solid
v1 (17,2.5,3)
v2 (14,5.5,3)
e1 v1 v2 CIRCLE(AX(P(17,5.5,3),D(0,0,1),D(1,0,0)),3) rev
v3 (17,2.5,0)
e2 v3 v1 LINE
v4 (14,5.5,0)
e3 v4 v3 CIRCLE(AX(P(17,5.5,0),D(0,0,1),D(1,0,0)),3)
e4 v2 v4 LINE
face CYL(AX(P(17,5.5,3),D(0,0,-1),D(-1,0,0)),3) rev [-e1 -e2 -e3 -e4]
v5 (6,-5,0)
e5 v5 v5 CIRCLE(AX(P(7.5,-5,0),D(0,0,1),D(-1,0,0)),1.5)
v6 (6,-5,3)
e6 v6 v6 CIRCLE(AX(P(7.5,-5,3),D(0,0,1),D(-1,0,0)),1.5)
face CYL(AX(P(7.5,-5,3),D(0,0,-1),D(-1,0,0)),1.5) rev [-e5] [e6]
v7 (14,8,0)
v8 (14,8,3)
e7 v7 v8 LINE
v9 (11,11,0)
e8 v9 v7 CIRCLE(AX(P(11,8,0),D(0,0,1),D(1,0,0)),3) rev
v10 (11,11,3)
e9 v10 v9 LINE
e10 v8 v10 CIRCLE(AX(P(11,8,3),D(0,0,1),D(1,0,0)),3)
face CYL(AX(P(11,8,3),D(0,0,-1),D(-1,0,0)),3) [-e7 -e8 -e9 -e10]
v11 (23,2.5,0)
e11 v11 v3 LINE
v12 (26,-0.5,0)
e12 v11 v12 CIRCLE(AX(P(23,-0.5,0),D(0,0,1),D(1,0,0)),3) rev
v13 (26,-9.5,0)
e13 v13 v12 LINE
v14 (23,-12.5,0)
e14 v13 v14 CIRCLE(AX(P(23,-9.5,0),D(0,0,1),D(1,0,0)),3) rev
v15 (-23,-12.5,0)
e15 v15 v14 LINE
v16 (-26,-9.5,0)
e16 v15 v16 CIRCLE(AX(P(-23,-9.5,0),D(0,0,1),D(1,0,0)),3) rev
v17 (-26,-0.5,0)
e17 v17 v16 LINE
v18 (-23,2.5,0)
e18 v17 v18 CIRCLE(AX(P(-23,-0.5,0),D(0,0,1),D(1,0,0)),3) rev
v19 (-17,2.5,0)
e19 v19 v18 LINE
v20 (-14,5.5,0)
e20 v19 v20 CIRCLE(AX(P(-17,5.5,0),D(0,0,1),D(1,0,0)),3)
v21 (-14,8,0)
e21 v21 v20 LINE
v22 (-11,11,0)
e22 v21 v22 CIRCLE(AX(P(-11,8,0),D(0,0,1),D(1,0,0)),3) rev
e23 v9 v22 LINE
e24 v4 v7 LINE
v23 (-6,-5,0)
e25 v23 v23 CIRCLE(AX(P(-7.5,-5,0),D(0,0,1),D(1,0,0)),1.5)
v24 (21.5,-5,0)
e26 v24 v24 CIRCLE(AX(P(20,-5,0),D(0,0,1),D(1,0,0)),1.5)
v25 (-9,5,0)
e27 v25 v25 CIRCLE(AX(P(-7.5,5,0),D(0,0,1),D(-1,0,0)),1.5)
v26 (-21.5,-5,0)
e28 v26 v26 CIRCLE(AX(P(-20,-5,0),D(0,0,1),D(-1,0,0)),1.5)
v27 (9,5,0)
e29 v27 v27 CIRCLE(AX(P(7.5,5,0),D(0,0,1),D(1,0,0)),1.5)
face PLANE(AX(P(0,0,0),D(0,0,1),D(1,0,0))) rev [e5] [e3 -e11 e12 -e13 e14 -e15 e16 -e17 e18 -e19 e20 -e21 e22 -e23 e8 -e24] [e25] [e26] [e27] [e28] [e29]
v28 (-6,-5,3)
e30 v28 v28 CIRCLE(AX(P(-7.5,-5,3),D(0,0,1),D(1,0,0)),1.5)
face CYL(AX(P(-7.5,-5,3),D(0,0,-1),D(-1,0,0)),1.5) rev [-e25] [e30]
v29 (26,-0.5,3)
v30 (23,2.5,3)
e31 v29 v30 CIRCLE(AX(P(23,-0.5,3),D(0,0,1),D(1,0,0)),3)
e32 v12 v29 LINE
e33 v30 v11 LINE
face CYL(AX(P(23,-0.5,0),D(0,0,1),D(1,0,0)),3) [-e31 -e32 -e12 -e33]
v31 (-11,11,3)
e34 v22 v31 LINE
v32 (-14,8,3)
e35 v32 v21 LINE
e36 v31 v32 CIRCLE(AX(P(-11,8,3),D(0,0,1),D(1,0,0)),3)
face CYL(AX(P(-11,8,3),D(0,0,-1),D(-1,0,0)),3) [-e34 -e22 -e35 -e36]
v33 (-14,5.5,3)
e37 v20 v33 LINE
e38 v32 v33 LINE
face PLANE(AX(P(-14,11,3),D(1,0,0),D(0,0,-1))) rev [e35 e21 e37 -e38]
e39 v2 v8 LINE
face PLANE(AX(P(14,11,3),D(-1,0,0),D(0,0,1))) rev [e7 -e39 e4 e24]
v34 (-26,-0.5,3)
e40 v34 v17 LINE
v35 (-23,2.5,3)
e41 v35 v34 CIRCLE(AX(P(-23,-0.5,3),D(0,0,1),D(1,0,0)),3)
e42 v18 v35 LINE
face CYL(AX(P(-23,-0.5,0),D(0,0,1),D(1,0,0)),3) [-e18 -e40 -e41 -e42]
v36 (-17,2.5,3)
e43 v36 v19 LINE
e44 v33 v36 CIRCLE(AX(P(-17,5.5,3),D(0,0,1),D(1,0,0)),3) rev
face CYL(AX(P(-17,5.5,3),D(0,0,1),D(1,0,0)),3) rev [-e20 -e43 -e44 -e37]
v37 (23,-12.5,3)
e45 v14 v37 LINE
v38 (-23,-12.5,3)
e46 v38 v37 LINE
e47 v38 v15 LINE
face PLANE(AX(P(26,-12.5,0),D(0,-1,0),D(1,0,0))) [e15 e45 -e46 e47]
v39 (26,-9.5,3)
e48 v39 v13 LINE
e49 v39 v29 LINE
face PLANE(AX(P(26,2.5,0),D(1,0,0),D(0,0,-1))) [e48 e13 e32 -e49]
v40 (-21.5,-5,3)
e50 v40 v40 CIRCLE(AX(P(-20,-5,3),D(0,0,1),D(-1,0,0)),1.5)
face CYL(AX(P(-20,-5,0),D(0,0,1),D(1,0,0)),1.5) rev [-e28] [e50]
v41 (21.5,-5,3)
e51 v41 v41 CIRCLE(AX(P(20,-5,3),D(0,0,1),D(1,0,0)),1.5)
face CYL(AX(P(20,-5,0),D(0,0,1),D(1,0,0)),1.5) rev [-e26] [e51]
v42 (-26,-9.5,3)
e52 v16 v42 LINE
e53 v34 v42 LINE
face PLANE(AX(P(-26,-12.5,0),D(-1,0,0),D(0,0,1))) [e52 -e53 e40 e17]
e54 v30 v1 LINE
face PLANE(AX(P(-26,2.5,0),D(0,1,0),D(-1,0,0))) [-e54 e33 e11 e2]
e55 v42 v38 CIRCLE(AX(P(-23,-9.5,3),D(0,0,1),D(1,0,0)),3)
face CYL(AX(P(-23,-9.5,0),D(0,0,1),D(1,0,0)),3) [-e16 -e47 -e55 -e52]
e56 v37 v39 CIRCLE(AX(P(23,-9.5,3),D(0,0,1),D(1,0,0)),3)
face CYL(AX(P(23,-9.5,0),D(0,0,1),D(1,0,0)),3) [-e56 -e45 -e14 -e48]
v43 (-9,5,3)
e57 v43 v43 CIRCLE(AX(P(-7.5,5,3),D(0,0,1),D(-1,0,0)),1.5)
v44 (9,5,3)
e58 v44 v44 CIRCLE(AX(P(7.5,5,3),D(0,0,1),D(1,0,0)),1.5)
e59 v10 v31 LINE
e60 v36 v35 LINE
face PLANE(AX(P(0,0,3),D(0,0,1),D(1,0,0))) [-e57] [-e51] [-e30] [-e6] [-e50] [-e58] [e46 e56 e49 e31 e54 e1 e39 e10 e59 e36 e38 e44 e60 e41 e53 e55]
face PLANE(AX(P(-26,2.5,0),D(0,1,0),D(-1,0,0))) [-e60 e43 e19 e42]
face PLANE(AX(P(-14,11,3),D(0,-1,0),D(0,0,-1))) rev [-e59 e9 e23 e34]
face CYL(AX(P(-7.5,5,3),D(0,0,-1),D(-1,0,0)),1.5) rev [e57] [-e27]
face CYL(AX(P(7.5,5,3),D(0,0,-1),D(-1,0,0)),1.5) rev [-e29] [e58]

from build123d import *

# Parameters (mm, degrees)
SKETCH_1_W      = 28
SKETCH_1_H      = 22
SKETCH_1_R      = 1.5
EXTRUDE_1_DEPTH = 3
EXTRUDE_START   = -3
SKETCH_2_W      = 52
SKETCH_2_H      = 15
SKETCH_2_R      = 1.5
EXTRUDE_3_DEPTH = 3
FILLET_1_R      = 3


with BuildPart() as part:
    # 草图1 → 凸台-拉伸1 (new body)
    with BuildSketch(Plane.XY):
        Rectangle(SKETCH_1_W, SKETCH_1_H)
        with Locations((7.5, 5)):
            Circle(SKETCH_1_R, mode=Mode.SUBTRACT)
        with Locations(Location((7.5, -5, 0), (0, 0, 180))):
            Circle(SKETCH_1_R, mode=Mode.SUBTRACT)
        with Locations((-7.5, -5)):
            Circle(SKETCH_1_R, mode=Mode.SUBTRACT)
        with Locations(Location((-7.5, 5, 0), (0, 0, 180))):
            Circle(SKETCH_1_R, mode=Mode.SUBTRACT)
    extrude(amount=EXTRUDE_1_DEPTH)

    # 草图2 → 凸台-拉伸3 (add)
    with BuildSketch(Plane.XY.offset(3).offset(EXTRUDE_START)):
        with Locations((0, -5)):
            Rectangle(SKETCH_2_W, SKETCH_2_H)
        with Locations((20, -5)):
            Circle(SKETCH_2_R, mode=Mode.SUBTRACT)
        with Locations(Location((-20, -5, 0), (0, 0, 180))):
            Circle(SKETCH_2_R, mode=Mode.SUBTRACT)
        with Locations((-7.5, -5)):
            Circle(SKETCH_2_R, mode=Mode.SUBTRACT)
        with Locations(Location((7.5, -5, 0), (0, 0, 180))):
            Circle(SKETCH_2_R, mode=Mode.SUBTRACT)
    extrude(amount=EXTRUDE_3_DEPTH)

    # 圆角1
    fillet_1_edges = [part.edges().sort_by_distance(p)[0] for p in [
        (-14, 2.5, 1.5),
        (-26, 2.5, 1.5),
        (26, 2.5, 1.5),
        (26, -12.5, 1.5),
        (-26, -12.5, 1.5),
        (14, 2.5, 1.5),
        (-14, 11, 1.5),
        (14, 11, 1.5),
    ]]
    fillet(fillet_1_edges, radius=FILLET_1_R)


solid = part.part
